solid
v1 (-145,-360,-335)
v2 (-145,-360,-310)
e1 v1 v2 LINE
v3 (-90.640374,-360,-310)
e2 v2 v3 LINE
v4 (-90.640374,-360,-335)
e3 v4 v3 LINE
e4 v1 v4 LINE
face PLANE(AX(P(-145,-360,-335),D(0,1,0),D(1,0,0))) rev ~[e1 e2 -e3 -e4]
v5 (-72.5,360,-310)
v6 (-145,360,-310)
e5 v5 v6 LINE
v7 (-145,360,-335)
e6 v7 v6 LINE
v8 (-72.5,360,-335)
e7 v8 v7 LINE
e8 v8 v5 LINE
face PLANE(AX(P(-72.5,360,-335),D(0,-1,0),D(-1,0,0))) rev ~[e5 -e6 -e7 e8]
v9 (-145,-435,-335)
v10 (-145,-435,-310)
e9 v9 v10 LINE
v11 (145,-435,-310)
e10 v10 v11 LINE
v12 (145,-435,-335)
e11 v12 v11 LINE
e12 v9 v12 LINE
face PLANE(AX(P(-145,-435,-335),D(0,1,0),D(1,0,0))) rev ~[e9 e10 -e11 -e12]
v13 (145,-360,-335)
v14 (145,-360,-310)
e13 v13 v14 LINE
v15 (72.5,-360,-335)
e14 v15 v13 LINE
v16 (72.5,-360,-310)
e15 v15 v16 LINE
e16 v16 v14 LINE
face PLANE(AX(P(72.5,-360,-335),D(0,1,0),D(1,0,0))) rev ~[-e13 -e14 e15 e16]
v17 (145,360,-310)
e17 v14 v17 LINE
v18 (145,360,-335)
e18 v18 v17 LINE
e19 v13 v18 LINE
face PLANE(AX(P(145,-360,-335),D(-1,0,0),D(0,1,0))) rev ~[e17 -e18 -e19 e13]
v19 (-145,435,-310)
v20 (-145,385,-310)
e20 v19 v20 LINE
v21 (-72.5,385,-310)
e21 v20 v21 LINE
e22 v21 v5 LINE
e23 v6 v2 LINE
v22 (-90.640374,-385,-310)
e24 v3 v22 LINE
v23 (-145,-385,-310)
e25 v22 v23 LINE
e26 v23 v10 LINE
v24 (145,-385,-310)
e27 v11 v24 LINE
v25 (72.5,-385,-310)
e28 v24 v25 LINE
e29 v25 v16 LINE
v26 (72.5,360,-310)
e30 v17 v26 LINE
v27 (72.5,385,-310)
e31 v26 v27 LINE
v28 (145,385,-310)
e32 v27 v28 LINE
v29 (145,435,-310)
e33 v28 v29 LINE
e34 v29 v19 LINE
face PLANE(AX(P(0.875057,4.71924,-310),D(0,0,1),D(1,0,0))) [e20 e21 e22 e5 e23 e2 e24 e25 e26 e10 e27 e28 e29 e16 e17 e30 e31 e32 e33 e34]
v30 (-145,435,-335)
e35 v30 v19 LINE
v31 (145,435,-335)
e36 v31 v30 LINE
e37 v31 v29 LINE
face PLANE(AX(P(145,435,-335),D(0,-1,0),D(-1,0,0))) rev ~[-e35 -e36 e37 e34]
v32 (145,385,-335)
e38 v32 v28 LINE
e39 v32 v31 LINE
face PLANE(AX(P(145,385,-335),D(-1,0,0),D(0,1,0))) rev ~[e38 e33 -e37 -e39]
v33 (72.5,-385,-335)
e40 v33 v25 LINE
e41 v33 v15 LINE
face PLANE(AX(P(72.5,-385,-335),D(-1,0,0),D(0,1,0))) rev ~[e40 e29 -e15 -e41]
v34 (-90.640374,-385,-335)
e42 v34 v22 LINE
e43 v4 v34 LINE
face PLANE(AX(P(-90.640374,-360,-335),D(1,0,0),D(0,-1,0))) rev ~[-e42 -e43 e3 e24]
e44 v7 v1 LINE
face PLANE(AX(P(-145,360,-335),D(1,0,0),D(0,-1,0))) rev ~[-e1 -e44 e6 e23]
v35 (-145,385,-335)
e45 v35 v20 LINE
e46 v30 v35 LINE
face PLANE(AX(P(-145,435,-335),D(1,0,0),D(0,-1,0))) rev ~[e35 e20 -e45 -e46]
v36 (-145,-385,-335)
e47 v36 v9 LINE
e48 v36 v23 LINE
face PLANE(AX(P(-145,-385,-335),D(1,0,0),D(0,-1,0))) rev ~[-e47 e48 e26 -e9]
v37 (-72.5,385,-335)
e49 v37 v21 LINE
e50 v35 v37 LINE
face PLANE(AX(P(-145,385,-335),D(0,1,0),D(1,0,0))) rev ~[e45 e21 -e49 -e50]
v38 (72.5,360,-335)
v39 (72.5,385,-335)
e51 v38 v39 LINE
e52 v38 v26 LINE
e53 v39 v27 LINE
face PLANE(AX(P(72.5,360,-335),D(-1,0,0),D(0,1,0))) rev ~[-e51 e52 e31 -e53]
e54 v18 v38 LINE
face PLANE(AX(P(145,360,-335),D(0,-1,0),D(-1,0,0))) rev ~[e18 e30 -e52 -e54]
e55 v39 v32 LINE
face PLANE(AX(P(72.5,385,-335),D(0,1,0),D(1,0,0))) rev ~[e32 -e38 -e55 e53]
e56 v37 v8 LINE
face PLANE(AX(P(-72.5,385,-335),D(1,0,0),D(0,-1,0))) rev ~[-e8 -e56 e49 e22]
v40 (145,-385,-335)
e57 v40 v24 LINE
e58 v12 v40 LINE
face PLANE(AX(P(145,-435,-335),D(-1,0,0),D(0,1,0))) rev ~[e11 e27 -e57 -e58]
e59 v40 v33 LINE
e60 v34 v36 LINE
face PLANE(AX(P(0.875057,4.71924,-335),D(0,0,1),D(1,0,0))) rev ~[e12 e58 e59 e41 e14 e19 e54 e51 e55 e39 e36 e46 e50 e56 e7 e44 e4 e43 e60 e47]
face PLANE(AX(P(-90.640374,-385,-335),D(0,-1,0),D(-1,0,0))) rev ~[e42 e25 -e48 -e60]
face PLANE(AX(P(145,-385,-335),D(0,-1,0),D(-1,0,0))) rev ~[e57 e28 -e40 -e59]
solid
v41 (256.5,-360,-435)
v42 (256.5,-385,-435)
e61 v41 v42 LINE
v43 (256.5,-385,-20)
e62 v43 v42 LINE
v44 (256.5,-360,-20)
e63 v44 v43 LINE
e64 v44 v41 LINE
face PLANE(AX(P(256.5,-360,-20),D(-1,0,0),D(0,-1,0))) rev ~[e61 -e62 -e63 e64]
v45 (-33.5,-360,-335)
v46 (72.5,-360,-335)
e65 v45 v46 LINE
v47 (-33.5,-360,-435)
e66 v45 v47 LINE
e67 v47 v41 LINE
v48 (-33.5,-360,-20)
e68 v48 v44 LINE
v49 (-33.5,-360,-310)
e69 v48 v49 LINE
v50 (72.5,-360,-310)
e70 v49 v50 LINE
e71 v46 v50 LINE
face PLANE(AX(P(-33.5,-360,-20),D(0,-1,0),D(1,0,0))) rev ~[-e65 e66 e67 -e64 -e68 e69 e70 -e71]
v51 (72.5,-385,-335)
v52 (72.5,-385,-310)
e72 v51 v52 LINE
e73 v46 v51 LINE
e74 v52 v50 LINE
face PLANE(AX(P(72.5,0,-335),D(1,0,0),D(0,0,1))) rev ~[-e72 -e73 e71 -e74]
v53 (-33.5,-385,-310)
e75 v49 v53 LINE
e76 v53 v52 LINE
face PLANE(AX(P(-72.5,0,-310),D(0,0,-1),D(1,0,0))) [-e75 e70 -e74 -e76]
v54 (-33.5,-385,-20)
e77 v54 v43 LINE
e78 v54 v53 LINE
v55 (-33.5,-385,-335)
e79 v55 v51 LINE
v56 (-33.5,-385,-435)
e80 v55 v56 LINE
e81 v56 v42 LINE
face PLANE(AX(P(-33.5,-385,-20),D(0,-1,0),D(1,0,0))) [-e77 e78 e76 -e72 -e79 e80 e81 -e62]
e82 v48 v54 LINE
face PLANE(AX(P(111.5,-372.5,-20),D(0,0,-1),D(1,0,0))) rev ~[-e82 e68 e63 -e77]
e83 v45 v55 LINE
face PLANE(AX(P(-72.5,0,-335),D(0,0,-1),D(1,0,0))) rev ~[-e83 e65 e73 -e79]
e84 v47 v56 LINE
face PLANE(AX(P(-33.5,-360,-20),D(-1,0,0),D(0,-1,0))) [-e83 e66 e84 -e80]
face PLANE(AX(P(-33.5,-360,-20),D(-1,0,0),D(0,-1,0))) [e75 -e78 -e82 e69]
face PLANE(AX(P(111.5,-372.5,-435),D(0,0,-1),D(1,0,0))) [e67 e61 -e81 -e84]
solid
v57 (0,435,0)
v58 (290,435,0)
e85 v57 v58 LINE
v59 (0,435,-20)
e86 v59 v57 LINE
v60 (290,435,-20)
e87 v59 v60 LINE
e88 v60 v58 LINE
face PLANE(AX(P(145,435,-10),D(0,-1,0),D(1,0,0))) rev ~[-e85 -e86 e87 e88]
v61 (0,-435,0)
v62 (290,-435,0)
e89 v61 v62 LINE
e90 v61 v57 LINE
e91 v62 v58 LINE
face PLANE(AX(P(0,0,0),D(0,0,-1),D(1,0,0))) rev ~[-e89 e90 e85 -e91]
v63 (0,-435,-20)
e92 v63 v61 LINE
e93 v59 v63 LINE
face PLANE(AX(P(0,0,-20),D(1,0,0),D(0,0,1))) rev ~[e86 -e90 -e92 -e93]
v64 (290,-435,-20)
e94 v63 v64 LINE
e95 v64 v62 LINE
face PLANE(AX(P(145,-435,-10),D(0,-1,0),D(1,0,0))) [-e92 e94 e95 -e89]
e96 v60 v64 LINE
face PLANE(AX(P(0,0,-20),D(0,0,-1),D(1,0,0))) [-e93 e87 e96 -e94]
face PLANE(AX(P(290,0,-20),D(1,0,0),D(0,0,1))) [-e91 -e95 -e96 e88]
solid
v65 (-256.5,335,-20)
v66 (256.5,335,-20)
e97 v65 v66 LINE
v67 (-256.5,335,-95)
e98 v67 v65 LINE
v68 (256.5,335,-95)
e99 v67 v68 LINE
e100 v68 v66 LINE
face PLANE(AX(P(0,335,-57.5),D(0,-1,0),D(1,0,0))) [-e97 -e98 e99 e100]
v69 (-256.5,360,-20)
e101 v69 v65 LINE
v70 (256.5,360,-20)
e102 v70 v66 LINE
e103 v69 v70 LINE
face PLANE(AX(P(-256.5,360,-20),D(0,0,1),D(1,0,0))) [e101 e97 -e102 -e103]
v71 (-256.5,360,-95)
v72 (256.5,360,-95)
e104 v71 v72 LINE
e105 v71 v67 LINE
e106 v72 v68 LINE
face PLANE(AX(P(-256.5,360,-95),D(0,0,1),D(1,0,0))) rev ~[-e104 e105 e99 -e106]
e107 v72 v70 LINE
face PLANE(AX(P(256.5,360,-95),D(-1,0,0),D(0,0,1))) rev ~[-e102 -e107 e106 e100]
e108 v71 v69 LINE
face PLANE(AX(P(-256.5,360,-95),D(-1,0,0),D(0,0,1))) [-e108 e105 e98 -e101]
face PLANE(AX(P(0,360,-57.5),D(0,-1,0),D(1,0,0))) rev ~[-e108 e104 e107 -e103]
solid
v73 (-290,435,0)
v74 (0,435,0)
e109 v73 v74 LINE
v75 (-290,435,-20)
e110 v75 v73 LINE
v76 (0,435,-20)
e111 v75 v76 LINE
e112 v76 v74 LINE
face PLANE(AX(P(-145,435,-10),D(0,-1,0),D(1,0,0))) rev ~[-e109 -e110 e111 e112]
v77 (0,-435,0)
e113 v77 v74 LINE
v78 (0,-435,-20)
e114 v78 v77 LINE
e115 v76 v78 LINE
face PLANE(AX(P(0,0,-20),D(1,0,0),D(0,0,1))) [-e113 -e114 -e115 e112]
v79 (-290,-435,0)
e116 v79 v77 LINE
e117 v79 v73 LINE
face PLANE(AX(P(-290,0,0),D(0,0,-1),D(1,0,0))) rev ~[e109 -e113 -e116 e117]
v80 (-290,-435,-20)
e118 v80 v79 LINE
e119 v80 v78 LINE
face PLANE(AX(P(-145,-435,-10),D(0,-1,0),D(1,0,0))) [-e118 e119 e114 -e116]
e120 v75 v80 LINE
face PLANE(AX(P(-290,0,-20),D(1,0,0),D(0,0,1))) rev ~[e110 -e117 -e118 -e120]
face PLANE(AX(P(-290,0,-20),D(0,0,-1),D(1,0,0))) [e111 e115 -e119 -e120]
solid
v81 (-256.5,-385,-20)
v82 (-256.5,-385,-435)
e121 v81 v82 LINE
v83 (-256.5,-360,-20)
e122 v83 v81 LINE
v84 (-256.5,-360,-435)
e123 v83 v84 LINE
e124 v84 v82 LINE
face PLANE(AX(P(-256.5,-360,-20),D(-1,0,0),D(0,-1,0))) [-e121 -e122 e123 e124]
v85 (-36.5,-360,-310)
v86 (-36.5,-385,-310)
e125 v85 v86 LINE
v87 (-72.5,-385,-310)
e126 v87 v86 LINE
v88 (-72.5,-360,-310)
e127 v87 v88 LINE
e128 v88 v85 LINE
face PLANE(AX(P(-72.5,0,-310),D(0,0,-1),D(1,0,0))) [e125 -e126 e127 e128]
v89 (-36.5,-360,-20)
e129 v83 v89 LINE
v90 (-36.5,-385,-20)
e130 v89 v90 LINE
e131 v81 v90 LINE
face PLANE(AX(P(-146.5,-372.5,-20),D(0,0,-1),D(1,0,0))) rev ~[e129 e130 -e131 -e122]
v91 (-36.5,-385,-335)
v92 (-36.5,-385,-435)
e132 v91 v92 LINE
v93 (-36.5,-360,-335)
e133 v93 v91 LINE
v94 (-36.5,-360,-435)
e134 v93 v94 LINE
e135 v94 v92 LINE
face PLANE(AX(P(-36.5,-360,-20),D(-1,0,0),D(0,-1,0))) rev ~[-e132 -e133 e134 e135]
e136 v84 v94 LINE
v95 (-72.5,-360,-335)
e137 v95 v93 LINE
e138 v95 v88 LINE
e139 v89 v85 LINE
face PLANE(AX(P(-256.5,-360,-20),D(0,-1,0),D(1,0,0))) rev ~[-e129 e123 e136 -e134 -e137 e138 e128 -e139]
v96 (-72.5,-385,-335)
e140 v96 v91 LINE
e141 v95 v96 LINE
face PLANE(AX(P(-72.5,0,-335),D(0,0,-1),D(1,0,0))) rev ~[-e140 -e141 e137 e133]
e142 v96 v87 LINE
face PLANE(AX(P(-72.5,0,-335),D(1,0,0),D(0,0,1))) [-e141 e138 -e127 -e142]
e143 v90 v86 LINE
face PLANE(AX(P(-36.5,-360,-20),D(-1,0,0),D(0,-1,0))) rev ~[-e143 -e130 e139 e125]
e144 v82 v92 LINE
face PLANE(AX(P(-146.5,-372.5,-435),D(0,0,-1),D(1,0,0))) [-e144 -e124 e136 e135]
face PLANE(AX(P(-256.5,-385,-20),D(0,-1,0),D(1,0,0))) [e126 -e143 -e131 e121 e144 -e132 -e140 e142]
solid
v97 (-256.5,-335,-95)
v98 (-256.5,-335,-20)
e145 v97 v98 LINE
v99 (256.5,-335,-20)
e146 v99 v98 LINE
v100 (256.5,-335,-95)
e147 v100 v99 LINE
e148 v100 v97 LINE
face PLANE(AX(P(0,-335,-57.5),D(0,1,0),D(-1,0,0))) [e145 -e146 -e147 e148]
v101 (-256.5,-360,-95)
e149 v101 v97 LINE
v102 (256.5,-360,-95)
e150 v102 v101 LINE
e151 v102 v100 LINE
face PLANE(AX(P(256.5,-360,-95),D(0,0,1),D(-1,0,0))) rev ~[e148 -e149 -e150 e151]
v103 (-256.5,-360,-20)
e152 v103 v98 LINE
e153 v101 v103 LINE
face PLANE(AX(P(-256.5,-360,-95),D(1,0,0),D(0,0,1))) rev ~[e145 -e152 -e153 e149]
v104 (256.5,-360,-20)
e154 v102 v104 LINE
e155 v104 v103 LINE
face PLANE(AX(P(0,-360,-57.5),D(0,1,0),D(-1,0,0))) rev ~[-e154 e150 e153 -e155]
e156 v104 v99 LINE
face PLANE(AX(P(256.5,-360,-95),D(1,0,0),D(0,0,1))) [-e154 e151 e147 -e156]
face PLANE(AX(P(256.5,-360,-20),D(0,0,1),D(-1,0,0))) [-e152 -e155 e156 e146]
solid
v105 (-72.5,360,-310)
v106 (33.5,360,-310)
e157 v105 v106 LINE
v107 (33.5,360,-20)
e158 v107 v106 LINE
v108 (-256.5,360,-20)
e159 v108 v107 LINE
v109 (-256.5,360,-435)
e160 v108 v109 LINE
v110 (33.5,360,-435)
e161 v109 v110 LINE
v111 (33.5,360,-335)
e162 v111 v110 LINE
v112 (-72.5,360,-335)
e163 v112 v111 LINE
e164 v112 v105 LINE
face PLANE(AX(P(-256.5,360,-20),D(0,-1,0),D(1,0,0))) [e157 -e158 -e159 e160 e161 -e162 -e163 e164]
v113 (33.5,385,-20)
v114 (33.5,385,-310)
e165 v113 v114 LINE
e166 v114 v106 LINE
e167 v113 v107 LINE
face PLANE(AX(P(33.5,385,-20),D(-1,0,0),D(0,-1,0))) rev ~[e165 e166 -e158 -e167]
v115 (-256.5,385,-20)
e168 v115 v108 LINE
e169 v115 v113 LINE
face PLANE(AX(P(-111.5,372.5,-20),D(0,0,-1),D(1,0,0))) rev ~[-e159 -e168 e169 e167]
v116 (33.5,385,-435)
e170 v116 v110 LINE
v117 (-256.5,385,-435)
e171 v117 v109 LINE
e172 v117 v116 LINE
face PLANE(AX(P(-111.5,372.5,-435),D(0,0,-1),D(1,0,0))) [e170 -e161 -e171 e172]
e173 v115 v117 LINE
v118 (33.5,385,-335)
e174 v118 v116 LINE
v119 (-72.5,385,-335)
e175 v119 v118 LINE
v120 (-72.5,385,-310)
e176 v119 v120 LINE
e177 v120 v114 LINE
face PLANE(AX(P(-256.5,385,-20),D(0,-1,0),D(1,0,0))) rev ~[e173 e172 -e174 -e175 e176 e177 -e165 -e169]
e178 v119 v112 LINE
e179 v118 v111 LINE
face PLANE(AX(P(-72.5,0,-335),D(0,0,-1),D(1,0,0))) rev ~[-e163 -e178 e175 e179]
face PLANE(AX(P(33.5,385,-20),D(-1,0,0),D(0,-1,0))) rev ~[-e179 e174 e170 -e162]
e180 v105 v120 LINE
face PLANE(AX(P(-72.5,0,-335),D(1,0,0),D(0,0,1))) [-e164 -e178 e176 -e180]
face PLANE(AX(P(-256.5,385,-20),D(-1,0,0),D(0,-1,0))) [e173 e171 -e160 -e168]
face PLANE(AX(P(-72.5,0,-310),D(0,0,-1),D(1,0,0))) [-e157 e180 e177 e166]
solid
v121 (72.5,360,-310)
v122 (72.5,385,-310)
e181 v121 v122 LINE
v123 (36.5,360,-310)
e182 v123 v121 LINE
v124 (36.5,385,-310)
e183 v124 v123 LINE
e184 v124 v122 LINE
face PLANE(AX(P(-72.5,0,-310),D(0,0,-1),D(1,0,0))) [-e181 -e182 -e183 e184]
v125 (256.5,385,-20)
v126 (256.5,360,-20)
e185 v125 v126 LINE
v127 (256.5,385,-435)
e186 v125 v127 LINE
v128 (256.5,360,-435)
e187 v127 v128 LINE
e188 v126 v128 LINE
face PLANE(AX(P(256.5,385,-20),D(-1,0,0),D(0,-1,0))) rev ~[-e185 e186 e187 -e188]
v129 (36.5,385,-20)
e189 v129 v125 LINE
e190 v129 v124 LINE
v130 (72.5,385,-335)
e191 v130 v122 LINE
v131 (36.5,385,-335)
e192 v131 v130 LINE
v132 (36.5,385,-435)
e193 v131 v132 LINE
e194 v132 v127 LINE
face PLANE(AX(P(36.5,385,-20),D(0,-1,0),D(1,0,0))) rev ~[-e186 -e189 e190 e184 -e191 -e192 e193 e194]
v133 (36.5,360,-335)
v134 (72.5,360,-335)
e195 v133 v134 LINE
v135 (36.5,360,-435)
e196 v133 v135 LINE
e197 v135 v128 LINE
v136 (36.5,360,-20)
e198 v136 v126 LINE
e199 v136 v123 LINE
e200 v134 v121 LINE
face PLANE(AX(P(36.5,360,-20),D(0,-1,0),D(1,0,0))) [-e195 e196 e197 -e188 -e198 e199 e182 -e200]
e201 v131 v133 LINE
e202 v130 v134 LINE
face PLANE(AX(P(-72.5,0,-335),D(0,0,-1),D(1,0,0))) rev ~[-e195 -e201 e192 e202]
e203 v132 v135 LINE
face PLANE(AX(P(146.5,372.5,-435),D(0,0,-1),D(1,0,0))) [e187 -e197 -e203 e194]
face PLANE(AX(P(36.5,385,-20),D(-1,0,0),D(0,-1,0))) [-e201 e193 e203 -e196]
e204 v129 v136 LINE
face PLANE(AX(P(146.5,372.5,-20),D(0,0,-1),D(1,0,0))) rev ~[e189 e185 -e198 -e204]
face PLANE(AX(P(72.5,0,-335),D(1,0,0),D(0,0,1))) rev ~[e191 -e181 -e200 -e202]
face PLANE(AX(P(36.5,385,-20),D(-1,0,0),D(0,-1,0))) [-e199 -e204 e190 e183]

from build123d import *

# Parameters (mm, degrees)
F0_W      = 290
F0_H      = 20
F1_DEPTH  = 435
F2_W      = 290
F2_H      = 20
F3_DEPTH  = 435
F4_W      = 220
F4_H      = 25
F4_W_2    = 290
F5_DEPTH  = 415
F6_W      = 145
F6_H      = 25
F7_DEPTH  = 500
F9_DEPTH  = 25
F10_W     = 513
F10_H     = 75
F11_DEPTH = 25
F12_W     = 513
F12_H     = 75
F13_DEPTH = 25


with BuildPart() as f1:
    # F0 (on Front) → F1 (new body, symmetric)
    with BuildSketch(Plane.XZ):
        with Locations((-145, -10)):
            Rectangle(F0_W, F0_H)
    extrude(amount=F1_DEPTH, both=True)


with BuildPart() as f3:
    # F2 (on Front) → F3 (new body, symmetric)
    with BuildSketch(Plane.XZ):
        with Locations((145, -10)):
            Rectangle(F2_W, F2_H)
    extrude(amount=F3_DEPTH, both=True)


with BuildPart() as f5:
    # F4 (on face) → F5 (new body)
    with BuildSketch(Plane(origin=(0, 0, -20), x_dir=(1, 0, 0), z_dir=(0, 0, -1))):
        with Locations((-146.5, 372.5)):
            Rectangle(F4_W, F4_H)
        with Locations((111.5, 372.5)):
            Rectangle(F4_W_2, F4_H)
        with Locations((146.5, -372.5)):
            Rectangle(F4_W, F4_H)
        with Locations((-111.5, -372.5)):
            Rectangle(F4_W_2, F4_H)
    extrude(amount=F5_DEPTH)

    # F6 (on Front) → F7 (cut, symmetric)
    with BuildSketch(Plane.XZ):
        with Locations((0, -322.5)):
            Rectangle(F6_W, F6_H)
    extrude(amount=F7_DEPTH, both=True, mode=Mode.SUBTRACT)


with BuildPart() as f9:
    # F8 (on face) → F9 (new body)
    with BuildSketch(Plane.XY.offset(-335)):
        Polygon((145, 435), (-145, 435), (-145, 385), (-72.5, 385), (-72.5, 360), (-145, 360), (-145, -360), (-90.640374, -360), (-90.640374, -385), (-145, -385), (-145, -435), (145, -435), (145, -385), (72.5, -385), (72.5, -360), (145, -360), (145, 360), (72.5, 360), (72.5, 385), (145, 385), align=None)
    extrude(amount=F9_DEPTH)


with BuildPart() as f11:
    # F10 (on face) → F11 (new body)
    with BuildSketch(Plane.XZ.offset(-360)):
        with Locations((0, -57.5)):
            Rectangle(F10_W, F10_H)
    extrude(amount=F11_DEPTH)


with BuildPart() as f13:
    # F12 (on face) → F13 (new body)
    with BuildSketch(Plane(origin=(0, -360, 0), x_dir=(-1, 0, 0), z_dir=(0, 1, 0))):
        with Locations((0, -57.5)):
            Rectangle(F12_W, F12_H)
    extrude(amount=F13_DEPTH)


solid = Compound([f1.part, f3.part, f5.part, f9.part, f11.part, f13.part])
